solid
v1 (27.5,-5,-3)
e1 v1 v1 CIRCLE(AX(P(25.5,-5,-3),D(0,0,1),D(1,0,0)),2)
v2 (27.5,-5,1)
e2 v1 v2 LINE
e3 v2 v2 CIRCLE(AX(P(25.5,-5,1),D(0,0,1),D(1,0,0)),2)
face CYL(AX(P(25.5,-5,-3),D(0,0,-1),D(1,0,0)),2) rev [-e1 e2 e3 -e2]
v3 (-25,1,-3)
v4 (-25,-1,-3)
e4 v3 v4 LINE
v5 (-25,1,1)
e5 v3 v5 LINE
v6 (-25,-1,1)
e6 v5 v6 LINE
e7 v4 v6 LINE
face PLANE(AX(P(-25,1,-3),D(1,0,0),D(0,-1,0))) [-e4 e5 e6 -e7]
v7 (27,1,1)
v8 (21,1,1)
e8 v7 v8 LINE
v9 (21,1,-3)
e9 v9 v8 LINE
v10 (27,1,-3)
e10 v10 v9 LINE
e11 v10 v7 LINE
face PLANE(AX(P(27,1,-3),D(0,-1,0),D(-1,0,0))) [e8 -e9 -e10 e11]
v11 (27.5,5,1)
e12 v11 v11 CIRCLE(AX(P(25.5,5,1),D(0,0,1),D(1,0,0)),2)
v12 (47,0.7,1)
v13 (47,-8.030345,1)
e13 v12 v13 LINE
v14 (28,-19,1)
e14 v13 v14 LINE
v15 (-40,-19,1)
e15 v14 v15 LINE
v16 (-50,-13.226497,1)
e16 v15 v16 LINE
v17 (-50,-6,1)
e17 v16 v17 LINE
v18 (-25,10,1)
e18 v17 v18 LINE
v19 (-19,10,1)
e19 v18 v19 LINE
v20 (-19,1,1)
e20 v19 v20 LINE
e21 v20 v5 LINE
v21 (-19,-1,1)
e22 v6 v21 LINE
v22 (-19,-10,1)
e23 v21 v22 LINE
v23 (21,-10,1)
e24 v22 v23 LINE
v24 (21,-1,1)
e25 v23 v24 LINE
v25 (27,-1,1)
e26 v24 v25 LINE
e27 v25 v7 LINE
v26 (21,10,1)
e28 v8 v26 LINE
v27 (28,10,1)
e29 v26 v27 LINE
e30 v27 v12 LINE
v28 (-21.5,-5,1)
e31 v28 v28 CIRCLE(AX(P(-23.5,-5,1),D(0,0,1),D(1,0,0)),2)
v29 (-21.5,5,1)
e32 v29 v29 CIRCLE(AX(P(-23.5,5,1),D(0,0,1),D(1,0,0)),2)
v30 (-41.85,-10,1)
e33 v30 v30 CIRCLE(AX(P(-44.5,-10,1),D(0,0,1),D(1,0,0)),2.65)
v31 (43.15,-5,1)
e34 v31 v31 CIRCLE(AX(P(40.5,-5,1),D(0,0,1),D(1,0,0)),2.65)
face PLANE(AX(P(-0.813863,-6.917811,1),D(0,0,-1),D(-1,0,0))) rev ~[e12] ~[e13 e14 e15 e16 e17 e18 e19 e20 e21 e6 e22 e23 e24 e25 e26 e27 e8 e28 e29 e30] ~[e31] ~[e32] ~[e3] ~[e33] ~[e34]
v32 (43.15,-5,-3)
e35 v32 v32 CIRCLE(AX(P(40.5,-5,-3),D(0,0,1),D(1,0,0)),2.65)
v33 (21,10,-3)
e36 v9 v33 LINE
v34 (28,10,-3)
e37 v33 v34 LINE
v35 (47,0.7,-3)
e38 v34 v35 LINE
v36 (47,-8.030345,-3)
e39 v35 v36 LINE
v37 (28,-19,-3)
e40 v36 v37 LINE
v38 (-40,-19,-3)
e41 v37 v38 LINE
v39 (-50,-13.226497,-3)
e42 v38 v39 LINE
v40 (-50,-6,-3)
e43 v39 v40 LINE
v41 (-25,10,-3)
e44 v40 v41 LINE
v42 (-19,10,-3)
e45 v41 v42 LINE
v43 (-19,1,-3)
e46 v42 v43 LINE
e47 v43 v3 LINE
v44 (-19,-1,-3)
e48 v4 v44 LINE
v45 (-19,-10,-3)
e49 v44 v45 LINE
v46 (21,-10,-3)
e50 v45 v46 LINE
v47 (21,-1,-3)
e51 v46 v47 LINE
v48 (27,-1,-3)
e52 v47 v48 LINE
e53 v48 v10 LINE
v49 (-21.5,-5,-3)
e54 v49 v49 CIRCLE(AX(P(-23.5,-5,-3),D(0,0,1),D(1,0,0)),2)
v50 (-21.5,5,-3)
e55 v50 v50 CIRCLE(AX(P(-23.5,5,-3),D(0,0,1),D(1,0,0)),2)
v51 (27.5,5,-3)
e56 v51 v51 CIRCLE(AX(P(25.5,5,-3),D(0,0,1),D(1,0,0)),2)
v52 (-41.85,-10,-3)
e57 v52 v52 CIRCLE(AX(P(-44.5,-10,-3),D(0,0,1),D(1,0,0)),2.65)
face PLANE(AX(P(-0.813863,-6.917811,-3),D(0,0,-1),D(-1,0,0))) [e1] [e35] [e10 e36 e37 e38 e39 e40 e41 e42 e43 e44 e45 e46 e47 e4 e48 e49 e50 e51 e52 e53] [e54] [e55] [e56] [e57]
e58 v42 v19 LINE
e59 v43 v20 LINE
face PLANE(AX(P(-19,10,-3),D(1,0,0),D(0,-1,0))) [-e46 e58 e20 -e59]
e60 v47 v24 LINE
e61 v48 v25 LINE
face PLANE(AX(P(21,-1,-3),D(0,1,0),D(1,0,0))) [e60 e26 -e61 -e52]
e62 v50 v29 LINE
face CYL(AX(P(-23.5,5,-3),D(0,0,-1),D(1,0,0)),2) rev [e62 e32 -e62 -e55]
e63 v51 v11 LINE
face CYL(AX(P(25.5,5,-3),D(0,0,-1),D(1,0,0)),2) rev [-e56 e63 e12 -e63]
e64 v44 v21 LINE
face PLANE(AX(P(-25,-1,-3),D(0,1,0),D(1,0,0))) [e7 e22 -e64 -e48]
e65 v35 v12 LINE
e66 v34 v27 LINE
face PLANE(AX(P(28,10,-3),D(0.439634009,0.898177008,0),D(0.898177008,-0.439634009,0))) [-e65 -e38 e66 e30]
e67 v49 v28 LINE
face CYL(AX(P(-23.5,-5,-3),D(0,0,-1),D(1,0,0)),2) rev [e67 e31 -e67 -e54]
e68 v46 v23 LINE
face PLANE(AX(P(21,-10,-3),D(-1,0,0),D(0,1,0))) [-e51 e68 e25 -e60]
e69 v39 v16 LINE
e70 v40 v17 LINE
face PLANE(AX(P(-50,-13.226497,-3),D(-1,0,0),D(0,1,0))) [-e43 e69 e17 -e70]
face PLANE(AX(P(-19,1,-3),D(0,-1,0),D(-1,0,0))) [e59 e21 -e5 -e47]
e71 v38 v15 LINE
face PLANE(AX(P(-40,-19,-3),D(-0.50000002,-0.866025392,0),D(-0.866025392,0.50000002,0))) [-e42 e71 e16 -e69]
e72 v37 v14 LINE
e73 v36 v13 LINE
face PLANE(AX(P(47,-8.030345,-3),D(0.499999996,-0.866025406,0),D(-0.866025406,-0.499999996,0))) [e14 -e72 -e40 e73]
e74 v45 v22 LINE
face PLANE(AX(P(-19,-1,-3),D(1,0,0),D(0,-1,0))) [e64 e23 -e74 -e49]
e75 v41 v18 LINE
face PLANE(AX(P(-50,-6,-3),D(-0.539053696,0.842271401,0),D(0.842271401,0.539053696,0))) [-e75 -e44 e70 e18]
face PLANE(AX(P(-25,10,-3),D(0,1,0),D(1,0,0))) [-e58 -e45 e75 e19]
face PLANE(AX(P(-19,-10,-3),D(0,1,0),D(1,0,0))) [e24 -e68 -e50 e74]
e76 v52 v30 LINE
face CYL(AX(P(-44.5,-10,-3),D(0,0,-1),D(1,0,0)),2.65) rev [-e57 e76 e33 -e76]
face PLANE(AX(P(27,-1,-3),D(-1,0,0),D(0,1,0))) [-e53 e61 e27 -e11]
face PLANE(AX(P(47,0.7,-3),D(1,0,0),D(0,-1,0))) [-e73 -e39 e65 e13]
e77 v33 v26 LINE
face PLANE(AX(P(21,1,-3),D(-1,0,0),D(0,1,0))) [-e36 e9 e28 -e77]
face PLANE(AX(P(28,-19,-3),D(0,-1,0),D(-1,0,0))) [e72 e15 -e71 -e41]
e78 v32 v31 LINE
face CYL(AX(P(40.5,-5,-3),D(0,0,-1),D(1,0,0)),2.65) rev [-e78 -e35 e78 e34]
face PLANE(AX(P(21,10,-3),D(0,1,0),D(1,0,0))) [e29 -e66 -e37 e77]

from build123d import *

# Parameters (mm, degrees)
SKETCH005_R   = 2
SKETCH005_R_2 = 2.65
PAD_DEPTH     = 4


with BuildPart() as part:
    # Sketch005 → Pad (new body)
    with BuildSketch(Plane.XY.offset(-3)):
        Polygon((-25, 10), (-19, 10), (-19, 1), (-25, 1), (-25, -1), (-19, -1), (-19, -10), (21, -10), (21, -1), (27, -1), (27, 1), (21, 1), (21, 10), (28, 10), (47, 0.7), (47, -8.030345), (28, -19), (-40, -19), (-50, -13.226497), (-50, -6), align=None)
        with Locations((-23.5, 5)):
            Circle(SKETCH005_R, mode=Mode.SUBTRACT)
        with Locations((-23.5, -5)):
            Circle(SKETCH005_R, mode=Mode.SUBTRACT)
        with Locations((25.5, 5)):
            Circle(SKETCH005_R, mode=Mode.SUBTRACT)
        with Locations((25.5, -5)):
            Circle(SKETCH005_R, mode=Mode.SUBTRACT)
        with Locations((40.5, -5)):
            Circle(SKETCH005_R_2, mode=Mode.SUBTRACT)
        with Locations((-44.5, -10)):
            Circle(SKETCH005_R_2, mode=Mode.SUBTRACT)
    extrude(amount=PAD_DEPTH)


solid = part.part
